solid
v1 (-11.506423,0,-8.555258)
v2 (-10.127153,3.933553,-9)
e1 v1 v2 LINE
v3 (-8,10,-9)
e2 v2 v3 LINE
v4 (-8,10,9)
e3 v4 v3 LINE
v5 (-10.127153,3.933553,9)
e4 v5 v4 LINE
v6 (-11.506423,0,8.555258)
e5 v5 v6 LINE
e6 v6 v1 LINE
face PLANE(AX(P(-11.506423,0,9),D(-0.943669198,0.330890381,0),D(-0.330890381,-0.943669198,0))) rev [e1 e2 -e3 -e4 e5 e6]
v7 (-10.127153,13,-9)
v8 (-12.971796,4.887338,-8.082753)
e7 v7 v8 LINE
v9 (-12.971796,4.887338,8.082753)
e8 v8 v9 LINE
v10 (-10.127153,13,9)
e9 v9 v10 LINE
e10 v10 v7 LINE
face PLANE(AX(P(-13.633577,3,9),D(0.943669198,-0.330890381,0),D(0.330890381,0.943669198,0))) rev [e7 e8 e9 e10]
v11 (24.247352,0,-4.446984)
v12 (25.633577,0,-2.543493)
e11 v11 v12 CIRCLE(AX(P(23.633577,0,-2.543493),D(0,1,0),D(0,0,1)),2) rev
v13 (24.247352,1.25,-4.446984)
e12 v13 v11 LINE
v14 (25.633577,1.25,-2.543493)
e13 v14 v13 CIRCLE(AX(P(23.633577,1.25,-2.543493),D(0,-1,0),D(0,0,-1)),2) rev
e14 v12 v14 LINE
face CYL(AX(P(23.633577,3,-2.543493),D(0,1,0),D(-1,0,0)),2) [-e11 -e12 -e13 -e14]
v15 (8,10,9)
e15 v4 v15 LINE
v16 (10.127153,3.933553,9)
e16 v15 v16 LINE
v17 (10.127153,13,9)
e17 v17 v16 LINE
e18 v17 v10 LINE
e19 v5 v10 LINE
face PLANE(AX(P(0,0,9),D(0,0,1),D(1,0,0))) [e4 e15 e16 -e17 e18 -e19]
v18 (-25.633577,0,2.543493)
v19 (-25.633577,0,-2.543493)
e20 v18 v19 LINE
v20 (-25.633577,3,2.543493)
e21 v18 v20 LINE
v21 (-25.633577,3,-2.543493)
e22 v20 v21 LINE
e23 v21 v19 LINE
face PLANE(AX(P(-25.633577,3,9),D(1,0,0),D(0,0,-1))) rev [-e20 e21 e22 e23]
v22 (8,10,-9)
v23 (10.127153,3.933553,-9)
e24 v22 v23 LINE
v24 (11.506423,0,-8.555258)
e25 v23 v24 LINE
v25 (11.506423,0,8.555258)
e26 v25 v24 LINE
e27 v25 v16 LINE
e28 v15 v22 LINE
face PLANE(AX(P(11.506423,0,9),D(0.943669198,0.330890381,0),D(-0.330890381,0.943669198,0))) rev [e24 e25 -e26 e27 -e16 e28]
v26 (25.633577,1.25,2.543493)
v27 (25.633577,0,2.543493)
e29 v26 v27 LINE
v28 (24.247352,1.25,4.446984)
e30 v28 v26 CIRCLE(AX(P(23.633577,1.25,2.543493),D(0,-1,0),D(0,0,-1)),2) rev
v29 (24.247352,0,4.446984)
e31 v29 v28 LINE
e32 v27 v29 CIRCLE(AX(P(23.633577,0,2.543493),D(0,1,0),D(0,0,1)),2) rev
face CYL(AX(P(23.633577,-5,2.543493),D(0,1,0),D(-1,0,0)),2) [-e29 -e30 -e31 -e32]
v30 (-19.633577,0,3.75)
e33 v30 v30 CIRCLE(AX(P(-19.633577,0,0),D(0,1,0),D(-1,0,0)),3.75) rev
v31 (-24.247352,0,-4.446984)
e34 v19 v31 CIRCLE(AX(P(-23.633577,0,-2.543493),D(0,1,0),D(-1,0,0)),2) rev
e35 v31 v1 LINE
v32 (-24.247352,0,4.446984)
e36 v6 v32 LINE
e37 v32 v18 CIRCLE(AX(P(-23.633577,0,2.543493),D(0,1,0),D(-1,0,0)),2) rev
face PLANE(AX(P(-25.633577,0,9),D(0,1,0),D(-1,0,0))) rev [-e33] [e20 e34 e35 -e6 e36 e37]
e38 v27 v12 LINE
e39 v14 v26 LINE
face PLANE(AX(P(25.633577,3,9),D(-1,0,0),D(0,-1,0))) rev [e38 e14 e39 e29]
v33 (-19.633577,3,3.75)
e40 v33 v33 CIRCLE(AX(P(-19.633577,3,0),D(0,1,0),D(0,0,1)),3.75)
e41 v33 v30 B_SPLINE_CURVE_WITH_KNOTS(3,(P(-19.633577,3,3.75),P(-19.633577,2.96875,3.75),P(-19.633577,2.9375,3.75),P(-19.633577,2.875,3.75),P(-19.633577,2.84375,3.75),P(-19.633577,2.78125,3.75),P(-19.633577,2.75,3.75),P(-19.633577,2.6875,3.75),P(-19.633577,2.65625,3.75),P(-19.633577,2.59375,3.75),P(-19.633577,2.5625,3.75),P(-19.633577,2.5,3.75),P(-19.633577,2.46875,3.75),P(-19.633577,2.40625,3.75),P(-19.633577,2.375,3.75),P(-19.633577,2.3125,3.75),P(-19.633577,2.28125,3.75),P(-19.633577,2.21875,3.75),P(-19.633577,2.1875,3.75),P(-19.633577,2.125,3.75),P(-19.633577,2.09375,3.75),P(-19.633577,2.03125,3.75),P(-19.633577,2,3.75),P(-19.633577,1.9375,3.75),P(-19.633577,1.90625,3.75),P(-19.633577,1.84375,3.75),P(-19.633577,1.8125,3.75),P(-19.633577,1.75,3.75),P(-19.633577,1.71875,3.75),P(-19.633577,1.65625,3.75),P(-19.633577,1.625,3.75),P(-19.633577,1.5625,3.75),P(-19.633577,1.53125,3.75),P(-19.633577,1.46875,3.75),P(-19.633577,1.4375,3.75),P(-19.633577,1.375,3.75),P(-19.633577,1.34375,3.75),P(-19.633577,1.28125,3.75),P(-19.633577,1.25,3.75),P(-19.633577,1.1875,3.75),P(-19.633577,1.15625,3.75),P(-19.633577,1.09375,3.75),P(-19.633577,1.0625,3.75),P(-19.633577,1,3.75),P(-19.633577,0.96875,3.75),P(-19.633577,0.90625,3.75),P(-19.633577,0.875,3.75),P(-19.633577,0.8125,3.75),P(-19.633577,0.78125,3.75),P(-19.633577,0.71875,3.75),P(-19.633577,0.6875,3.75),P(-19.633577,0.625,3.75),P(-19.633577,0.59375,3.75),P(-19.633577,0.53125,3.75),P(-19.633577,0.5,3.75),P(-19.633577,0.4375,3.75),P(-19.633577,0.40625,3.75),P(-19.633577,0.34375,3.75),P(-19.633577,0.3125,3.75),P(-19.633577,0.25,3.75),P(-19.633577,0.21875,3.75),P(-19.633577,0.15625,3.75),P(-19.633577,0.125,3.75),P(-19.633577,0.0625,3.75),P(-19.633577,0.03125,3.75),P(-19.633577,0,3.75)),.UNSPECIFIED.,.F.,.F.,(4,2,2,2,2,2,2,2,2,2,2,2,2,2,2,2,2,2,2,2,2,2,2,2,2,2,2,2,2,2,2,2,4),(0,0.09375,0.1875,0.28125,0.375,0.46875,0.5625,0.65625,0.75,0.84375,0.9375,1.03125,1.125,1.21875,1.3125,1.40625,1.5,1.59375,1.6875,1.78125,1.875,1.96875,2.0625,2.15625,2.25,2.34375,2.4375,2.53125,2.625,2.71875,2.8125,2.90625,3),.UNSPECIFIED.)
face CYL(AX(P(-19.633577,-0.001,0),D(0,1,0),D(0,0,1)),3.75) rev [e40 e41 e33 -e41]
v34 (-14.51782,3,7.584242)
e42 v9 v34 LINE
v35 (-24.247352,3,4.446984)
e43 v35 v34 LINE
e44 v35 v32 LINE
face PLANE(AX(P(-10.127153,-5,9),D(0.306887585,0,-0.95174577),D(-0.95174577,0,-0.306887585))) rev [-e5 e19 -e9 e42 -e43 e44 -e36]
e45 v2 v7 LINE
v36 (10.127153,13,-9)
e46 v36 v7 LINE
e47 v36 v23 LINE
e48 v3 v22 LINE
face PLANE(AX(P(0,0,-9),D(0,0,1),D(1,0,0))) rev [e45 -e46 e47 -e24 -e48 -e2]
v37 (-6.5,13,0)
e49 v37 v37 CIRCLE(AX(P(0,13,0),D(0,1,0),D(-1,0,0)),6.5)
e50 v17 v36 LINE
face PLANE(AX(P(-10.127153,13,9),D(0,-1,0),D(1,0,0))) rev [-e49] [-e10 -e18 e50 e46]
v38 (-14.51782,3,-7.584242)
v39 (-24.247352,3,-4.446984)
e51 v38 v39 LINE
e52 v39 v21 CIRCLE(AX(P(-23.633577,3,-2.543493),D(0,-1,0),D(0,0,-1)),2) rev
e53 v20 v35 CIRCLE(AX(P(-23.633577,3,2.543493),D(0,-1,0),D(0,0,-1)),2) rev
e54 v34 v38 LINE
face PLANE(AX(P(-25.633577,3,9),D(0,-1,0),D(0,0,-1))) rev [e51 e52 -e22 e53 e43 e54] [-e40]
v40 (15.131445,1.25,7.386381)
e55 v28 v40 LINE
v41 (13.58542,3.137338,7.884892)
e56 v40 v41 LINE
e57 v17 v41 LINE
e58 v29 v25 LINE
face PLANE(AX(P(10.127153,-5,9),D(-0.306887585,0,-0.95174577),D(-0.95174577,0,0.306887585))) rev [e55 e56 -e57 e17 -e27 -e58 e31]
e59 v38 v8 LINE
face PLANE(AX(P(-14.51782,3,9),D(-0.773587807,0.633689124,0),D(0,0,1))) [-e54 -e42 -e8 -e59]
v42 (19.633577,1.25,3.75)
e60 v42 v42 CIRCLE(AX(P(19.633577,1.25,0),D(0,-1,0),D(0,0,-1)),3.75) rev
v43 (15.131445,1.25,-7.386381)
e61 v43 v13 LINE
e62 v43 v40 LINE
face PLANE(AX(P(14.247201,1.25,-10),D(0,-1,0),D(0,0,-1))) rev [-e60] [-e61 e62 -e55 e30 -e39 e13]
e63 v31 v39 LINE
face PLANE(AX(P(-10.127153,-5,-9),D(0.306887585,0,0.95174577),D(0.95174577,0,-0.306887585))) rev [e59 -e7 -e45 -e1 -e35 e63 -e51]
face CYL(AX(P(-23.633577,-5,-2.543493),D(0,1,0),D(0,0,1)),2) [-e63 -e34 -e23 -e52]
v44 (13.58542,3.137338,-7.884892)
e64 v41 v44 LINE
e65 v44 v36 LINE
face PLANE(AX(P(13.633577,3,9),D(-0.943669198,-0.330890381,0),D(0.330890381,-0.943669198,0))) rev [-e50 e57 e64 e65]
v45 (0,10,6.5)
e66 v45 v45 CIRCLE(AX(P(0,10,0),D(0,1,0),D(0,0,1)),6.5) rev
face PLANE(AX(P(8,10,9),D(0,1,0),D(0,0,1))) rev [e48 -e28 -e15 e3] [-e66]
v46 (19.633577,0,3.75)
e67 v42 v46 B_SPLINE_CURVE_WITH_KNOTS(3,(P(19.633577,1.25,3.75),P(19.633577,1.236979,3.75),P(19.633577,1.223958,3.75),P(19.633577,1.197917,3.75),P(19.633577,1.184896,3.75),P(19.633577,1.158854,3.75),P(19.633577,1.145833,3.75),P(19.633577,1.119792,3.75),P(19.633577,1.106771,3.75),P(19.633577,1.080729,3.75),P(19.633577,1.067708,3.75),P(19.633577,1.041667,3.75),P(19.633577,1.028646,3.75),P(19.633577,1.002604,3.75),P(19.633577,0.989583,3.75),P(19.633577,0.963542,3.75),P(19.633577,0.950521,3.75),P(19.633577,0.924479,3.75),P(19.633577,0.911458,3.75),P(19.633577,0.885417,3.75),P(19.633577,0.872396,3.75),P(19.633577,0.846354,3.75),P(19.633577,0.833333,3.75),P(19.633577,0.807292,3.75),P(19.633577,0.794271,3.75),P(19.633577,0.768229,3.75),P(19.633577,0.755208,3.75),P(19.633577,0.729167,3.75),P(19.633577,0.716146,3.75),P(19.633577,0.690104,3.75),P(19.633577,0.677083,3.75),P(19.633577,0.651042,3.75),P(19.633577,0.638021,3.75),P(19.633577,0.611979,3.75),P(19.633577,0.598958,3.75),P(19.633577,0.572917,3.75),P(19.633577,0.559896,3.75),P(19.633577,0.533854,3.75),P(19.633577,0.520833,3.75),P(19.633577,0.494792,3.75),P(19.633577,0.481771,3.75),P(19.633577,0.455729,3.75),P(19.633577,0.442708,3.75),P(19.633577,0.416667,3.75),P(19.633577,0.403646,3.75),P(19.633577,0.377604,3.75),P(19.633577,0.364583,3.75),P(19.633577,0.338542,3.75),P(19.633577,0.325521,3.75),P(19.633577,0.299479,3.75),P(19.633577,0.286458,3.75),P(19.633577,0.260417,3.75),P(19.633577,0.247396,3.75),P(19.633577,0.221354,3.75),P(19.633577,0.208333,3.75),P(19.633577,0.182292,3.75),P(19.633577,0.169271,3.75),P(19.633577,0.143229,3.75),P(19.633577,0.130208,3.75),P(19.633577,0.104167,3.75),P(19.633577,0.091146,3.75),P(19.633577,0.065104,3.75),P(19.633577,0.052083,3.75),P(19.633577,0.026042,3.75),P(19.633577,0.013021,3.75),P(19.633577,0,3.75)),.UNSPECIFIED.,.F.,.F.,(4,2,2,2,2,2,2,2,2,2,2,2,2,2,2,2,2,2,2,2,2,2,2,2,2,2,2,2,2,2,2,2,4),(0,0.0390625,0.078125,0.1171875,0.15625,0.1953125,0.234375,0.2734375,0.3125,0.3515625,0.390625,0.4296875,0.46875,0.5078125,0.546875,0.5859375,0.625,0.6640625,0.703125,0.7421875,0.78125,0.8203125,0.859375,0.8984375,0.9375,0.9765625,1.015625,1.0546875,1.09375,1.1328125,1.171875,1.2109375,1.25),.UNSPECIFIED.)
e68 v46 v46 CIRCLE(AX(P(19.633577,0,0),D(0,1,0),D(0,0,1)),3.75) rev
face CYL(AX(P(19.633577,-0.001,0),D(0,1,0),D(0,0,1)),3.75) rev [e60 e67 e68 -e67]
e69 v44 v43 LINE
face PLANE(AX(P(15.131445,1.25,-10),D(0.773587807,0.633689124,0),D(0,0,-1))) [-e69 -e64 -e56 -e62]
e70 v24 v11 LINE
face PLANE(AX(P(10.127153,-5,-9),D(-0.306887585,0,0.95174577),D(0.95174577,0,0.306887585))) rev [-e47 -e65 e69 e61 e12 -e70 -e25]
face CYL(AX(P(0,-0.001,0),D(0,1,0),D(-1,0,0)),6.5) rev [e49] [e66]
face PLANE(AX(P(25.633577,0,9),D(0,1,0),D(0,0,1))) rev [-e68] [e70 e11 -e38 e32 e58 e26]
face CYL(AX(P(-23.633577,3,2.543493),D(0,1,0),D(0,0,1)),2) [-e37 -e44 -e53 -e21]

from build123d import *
from OCP.BRepFilletAPI import BRepFilletAPI_MakeChamfer

# Parameters (mm, degrees)
BOSS_EXTRUDE1_DEPTH = 9
CUT_EXTRUDE1_REACH  = 32.118
SKETCH2_R           = 6.5
CUT_EXTRUDE2_DEPTH  = 18
CUT_EXTRUDE3_REACH  = 30.95
SKETCH4_R           = 3.7499999999999996
CUT_EXTRUDE4_DEPTH  = 10
FILLET1_R           = 2
CHAMFER1_SIZE       = 2
CHAMFER1_SIZE2      = 0.8842438837908889
CHAMFER1_SIZE2_2    = 0.8842438837908887


with BuildPart() as part:
    # Sketch1 → Boss-Extrude1 (new, symmetric)
    with BuildSketch(Plane.XY):
        Polygon((-25.633576548445145, 1e-17), (-11.506423451554879, 4e-17), (-8, 10), (0, 9.999999999999993), (8, 9.999999999999993), (11.506423451554879, 4e-17), (25.633576548445145, 4e-17), (25.63357654844514, 3.000000000000001), (13.633576548445141, 3), (10.12715309689026, 13.000000000000002), (0, 12.999999999999995), (-10.127153096890261, 13.000000000000002), (-13.633576548445141, 3), (-25.633576548445145, 3), align=None)
    extrude(amount=BOSS_EXTRUDE1_DEPTH, both=True)

    # Sketch2 → Cut-Extrude1 (cut, up to next)
    with BuildSketch(Plane(origin=(8.91e-15, 12.999999999999995, 0), x_dir=(1, -7.1e-16, 0), z_dir=(7.1e-16, 1, 0)), mode=Mode.PRIVATE) as cut_extrude1_sk1:
        with Locations(Location((0, 0, 0), (0, 0, 180))):
            Circle(SKETCH2_R)
    cut_extrude1_tool1 = extrude(cut_extrude1_sk1.sketch, amount=-CUT_EXTRUDE1_REACH, mode=Mode.PRIVATE) & part.part
    add(cut_extrude1_tool1.solids().sort_by_distance((0, 13, 0))[0], mode=Mode.SUBTRACT)

    # Sketch3 → Cut-Extrude2 (cut)
    with BuildSketch(Plane(origin=(8.91e-15, 12.999999999999995, 0), x_dir=(1, -7.1e-16, 0), z_dir=(7.1e-16, 1, 0))):
        Polygon((-10.12715309689027, 9), (-25.63357654844515, 4), (-25.63357654844515, 9), align=None)
        Polygon((-10.12715309689025, -9), (-25.63357654844515, -4), (-25.63357654844515, -9), align=None)
        Polygon((25.63357654844515, 9), (10.12715309689025, 9), (25.63357654844515, 4), align=None)
        Polygon((25.63357654844515, -4), (25.63357654844515, -9), (10.12715309689025, -9), align=None)
    extrude(amount=-CUT_EXTRUDE2_DEPTH, mode=Mode.SUBTRACT)

    # Sketch4 → Cut-Extrude3 (cut, up to next)
    with BuildSketch(Plane(origin=(0, 3, 0), x_dir=(1, 0, 0), z_dir=(0, 1, 0)), mode=Mode.PRIVATE) as cut_extrude3_sk1:
        with Locations(Location((-19.633576548445145, -2.4e-15, 0), (0, 0, 270))):
            Circle(SKETCH4_R)
    cut_extrude3_tool1 = extrude(cut_extrude3_sk1.sketch, amount=-CUT_EXTRUDE3_REACH, mode=Mode.PRIVATE) & part.part
    # Sketch4 → Cut-Extrude3 (cut, up to next)
    with BuildSketch(Plane(origin=(0, 3, 0), x_dir=(1, 0, 0), z_dir=(0, 1, 0)), mode=Mode.PRIVATE) as cut_extrude3_sk2:
        with Locations(Location((19.63357654844515, 2.4e-15, 0), (0, 0, 270))):
            Circle(SKETCH4_R)
    cut_extrude3_tool2 = extrude(cut_extrude3_sk2.sketch, amount=-CUT_EXTRUDE3_REACH, mode=Mode.PRIVATE) & part.part
    add(cut_extrude3_tool1.solids().sort_by_distance((-19.633577, 3, 0))[0], mode=Mode.SUBTRACT)
    add(cut_extrude3_tool2.solids().sort_by_distance((19.633577, 3, 0))[0], mode=Mode.SUBTRACT)

    # Sketch5 → Cut-Extrude4 (cut, symmetric)
    with BuildSketch(Plane.XY):
        Polygon((13.633576548445141, 3), (14.247200652467244, 1.2500000000000009), (25.63357654844515, 1.2500000000000009), (25.633576548445152, 3.000000000000001), align=None)
    extrude(amount=CUT_EXTRUDE4_DEPTH, both=True, mode=Mode.SUBTRACT)

    # Fillet1
    fillet1_edges = [part.edges().sort_by_distance(p)[0] for p in [
        (25.633576548445152, 0.6250000000000018, 4),
        (-25.633576548445145, 1.5, -4),
        (-25.633576548445145, 1.5, 4),
        (25.633576548445152, 0.6250000000000018, -4),
    ]]
    fillet(fillet1_edges, radius=FILLET1_R)

    # Chamfer1: one chamfer whose edges measure the first distance from different faces: ONE call of the kernel's chamfer builder (chamfer() names one face for all edges)
    chamfer1_edges_1 = [part.edges().sort_by_distance(p)[0] for p in [
        (14.247200652467244, 1.2500000000000009, 0),
    ]]
    chamfer1_side_1 = [part.faces().sort_by_distance(p)[0] for p in [
        (12.132458042687091, 7.281053120074241, 1.1e-16),
    ]]
    chamfer1_edges_2 = [part.edges().sort_by_distance(p)[0] for p in [
        (-13.633576548445141, 3, -3.55e-15),
    ]]
    chamfer1_side_2 = [part.faces().sort_by_distance(p)[0] for p in [
        (-11.841196306073245, 8.111705038297892, -3.84e-15),
    ]]
    chamfer1 = BRepFilletAPI_MakeChamfer(part.part.solid().wrapped)
    for e in chamfer1_edges_1:
        chamfer1.Add(CHAMFER1_SIZE, CHAMFER1_SIZE2, e.wrapped, chamfer1_side_1[0].wrapped)  # the first distance lies on this face
    for e in chamfer1_edges_2:
        chamfer1.Add(CHAMFER1_SIZE, CHAMFER1_SIZE2_2, e.wrapped, chamfer1_side_2[0].wrapped)  # the first distance lies on this face
    add(Compound.cast(chamfer1.Shape()), mode=Mode.REPLACE)


solid = part.part
